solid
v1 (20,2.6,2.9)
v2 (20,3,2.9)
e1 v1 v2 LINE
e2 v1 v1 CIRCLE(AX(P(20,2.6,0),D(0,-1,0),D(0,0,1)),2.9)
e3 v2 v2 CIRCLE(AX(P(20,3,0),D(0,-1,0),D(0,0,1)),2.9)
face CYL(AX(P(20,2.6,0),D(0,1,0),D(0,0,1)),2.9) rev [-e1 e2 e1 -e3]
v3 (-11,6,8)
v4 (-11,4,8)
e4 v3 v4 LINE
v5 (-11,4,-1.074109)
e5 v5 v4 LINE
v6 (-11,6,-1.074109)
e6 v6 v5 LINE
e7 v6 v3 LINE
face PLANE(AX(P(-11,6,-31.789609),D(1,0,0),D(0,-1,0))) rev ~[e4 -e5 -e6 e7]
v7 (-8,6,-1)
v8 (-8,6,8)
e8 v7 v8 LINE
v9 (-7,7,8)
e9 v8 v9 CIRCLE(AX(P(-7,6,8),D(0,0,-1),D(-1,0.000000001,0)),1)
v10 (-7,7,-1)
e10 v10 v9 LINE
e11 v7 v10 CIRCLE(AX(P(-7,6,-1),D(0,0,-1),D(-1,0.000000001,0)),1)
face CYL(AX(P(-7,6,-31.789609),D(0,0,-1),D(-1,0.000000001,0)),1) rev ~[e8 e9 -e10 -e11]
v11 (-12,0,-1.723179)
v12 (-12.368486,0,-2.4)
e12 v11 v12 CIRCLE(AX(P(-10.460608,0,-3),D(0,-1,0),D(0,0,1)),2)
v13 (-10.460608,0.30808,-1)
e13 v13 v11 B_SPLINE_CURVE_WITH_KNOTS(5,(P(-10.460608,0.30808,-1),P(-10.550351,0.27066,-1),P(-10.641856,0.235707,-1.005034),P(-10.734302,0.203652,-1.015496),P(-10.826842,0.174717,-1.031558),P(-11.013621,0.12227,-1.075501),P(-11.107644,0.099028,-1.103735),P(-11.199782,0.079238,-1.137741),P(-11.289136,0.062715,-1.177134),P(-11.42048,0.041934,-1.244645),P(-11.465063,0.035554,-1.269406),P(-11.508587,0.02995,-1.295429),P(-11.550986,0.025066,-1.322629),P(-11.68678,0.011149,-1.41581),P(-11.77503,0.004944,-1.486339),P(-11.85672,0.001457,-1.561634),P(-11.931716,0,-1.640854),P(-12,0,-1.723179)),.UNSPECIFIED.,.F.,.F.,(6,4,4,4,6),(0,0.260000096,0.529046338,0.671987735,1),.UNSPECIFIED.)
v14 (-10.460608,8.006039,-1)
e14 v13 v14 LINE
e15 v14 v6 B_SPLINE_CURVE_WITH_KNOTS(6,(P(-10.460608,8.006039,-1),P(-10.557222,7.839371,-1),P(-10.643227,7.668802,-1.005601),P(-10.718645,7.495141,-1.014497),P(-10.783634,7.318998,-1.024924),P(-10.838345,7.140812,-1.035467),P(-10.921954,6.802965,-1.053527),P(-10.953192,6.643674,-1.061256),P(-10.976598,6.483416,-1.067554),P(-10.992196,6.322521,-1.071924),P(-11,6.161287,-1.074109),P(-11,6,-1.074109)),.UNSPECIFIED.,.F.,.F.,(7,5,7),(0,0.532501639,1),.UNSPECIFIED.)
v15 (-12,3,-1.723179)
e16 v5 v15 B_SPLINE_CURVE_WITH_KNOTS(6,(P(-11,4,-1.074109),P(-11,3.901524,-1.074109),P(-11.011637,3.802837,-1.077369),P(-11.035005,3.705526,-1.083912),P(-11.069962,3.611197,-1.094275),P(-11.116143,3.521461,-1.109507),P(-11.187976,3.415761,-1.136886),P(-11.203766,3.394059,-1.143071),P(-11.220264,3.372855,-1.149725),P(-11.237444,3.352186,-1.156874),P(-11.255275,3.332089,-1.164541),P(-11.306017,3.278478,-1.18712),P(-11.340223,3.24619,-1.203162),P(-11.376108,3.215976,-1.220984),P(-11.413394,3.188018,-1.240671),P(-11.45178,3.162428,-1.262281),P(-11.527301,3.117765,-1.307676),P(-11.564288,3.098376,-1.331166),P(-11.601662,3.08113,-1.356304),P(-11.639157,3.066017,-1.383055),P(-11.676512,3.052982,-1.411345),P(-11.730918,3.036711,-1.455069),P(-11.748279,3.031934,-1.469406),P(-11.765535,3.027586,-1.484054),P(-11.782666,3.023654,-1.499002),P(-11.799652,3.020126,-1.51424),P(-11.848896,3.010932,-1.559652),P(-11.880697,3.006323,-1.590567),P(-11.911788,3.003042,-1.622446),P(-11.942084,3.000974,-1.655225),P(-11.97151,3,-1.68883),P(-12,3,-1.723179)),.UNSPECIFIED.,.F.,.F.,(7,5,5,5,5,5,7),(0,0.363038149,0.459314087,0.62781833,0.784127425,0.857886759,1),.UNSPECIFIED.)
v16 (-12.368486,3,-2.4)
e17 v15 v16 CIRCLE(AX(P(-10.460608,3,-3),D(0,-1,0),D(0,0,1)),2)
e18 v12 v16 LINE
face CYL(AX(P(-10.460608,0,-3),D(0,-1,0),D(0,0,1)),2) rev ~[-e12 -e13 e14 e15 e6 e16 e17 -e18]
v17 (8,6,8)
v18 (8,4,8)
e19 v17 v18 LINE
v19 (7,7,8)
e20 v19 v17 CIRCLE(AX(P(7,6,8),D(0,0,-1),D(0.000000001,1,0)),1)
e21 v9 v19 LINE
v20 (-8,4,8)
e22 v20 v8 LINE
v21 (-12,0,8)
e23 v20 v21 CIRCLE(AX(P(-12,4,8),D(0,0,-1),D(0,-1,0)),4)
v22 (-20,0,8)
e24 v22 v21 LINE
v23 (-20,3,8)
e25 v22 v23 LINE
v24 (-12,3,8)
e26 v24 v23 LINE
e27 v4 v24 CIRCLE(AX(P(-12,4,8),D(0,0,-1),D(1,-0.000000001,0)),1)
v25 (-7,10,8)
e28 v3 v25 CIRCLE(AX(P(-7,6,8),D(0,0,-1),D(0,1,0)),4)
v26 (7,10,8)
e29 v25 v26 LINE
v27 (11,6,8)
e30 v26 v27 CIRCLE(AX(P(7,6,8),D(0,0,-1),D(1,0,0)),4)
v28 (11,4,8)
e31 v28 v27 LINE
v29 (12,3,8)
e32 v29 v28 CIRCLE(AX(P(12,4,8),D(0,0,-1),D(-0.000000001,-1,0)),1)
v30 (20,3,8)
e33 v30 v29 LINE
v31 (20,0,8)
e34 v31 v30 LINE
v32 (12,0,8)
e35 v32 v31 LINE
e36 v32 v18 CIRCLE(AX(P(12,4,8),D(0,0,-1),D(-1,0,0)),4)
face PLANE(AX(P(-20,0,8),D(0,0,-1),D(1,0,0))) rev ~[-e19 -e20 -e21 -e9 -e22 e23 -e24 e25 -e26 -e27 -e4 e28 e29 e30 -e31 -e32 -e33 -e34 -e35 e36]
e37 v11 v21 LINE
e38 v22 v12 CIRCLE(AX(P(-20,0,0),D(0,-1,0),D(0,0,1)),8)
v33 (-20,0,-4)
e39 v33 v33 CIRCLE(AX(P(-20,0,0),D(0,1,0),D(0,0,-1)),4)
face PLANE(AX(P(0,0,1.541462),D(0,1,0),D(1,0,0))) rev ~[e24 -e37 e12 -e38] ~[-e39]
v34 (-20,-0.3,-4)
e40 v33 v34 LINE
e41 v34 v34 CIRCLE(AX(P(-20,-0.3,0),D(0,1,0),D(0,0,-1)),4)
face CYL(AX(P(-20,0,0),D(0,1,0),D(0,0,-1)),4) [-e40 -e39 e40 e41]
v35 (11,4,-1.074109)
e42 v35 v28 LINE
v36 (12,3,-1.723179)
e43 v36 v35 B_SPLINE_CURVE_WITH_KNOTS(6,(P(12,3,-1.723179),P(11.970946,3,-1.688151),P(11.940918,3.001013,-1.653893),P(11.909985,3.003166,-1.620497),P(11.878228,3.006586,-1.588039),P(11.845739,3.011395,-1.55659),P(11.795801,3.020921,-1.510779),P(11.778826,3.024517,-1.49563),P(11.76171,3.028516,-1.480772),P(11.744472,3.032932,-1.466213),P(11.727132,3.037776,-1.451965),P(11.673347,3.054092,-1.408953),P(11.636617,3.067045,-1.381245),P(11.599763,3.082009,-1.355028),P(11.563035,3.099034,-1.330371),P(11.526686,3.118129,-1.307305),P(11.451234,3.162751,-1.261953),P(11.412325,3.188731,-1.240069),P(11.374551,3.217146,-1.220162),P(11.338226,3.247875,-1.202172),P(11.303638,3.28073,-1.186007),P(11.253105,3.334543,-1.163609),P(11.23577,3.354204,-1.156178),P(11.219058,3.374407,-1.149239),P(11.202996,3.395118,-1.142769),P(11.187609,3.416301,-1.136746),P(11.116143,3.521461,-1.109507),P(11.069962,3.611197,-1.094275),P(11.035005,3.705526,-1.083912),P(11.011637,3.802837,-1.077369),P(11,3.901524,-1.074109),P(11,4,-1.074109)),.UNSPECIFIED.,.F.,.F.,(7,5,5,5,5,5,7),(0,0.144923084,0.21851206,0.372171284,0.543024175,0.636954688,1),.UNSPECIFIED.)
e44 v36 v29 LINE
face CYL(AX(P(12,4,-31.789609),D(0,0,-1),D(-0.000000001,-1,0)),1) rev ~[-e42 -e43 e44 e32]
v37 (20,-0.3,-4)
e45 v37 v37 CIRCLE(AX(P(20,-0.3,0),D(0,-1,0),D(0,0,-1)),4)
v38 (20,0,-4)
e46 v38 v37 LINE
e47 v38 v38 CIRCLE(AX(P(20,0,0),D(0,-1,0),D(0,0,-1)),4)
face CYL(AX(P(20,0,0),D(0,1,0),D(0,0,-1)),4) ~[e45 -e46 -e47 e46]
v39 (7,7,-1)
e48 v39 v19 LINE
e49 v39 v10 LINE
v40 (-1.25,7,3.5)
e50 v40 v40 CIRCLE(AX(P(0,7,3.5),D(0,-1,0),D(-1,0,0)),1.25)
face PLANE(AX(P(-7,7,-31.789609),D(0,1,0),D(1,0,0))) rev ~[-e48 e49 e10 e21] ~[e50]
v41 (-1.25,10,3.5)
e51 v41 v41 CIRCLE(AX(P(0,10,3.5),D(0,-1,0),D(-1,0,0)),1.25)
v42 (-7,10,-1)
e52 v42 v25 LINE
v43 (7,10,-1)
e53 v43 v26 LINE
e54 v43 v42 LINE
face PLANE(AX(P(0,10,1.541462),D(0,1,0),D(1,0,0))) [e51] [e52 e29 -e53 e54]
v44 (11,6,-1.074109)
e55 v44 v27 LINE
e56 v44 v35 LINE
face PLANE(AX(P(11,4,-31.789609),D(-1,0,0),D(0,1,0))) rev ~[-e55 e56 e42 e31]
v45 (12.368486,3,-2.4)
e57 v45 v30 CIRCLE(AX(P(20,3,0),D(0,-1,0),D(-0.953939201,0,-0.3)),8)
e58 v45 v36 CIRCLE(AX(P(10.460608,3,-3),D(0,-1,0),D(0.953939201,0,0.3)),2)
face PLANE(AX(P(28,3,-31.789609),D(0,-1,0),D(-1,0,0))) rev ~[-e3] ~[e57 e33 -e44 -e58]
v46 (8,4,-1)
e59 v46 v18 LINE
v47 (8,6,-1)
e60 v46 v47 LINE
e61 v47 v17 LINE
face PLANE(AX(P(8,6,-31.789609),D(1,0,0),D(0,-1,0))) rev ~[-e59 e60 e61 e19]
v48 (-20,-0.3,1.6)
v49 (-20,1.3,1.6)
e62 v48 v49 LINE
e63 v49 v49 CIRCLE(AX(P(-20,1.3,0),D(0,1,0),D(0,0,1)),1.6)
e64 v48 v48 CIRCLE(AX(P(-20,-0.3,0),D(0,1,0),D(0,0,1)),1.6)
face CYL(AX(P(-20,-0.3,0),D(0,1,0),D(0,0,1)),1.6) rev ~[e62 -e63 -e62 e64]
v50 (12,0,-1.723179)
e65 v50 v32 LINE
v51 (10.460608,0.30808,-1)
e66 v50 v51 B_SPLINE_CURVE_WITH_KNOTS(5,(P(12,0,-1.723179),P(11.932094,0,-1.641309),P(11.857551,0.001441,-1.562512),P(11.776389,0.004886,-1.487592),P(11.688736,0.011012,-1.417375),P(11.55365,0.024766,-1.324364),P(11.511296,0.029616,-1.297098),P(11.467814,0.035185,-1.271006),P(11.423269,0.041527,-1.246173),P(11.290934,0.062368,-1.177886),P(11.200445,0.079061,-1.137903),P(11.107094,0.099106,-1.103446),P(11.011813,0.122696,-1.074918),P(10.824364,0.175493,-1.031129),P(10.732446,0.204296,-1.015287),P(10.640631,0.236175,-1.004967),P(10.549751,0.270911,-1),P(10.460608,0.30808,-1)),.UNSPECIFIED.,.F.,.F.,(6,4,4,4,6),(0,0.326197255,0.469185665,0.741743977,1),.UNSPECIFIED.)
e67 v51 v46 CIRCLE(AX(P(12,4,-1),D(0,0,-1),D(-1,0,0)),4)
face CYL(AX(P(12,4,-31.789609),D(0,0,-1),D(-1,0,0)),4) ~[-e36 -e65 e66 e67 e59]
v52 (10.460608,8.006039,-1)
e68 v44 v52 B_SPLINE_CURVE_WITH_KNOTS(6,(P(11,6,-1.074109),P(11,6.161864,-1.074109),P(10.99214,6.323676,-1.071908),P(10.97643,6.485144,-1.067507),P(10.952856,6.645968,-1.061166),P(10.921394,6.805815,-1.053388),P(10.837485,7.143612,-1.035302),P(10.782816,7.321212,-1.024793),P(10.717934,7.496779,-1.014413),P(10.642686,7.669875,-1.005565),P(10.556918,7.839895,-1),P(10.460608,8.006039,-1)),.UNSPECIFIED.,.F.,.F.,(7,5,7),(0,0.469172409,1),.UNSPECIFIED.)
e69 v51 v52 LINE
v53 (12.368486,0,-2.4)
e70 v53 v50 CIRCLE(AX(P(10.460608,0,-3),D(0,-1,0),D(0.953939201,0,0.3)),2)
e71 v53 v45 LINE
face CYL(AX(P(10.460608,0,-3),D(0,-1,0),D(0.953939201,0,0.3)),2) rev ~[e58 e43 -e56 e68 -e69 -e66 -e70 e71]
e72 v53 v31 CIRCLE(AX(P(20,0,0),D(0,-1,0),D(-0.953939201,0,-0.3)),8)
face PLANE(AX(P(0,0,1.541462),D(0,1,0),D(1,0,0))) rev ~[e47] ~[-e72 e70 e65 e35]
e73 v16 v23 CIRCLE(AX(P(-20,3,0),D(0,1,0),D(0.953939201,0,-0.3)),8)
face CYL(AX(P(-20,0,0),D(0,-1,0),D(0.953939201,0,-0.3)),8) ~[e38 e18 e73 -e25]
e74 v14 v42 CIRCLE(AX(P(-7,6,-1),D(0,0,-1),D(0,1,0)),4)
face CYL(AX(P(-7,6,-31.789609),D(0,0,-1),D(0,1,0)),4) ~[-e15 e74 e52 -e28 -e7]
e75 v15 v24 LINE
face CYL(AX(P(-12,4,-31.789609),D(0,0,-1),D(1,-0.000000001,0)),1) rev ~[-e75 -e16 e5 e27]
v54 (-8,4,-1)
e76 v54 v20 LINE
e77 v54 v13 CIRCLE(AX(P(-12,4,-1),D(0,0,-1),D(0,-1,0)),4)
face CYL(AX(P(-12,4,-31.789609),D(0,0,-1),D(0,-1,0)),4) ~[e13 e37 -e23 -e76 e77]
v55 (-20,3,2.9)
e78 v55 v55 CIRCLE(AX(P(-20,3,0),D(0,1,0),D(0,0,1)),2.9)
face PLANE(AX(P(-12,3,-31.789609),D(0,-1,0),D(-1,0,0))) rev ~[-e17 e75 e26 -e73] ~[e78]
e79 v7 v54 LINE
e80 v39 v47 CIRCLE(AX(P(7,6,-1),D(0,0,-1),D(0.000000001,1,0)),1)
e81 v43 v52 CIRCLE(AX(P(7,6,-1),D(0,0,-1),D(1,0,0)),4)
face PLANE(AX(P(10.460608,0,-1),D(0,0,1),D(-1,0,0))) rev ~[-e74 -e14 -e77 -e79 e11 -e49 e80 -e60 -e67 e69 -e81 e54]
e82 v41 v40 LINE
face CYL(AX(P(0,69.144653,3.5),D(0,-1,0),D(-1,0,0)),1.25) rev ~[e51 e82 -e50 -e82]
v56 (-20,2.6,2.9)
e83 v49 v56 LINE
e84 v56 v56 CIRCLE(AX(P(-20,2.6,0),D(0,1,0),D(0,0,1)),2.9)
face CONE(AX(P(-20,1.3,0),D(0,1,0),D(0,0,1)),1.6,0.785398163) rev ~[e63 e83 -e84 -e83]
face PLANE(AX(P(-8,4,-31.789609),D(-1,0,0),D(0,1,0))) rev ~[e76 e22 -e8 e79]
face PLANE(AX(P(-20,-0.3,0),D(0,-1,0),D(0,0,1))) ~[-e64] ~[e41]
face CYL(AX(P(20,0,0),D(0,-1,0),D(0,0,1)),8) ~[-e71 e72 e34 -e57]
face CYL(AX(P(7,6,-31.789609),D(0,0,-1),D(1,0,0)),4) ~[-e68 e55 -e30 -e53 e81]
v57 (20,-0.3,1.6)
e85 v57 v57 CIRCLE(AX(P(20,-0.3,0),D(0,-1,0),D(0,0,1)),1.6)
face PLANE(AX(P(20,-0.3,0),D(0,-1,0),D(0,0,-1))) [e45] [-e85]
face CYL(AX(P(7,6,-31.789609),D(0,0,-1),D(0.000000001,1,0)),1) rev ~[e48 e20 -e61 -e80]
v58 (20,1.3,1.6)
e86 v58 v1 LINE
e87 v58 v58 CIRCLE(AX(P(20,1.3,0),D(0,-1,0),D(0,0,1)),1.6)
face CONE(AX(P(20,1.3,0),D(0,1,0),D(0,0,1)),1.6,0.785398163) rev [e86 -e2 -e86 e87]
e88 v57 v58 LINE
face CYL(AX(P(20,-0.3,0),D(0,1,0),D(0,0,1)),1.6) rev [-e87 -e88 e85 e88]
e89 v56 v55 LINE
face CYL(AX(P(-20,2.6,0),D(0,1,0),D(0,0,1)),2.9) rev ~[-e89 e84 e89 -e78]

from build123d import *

# Parameters (mm, degrees)
BOSS_EXTRU_1_DEPTH           = 10
ENL_V_MAT_EXTRU_1_DEPTH      = 31.789608707
ENL_V_MAT_EXTRU_1_DEPTH_BACK = 31.789608707
ESQUISSE2_OUTSIDE_W          = 69.818
ESQUISSE2_OUTSIDE_H          = 23.818
ESQUISSE3_R                  = 4
BOSS_EXTRU_2_DEPTH           = 0.3
TROU_TARAUD_M31_D            = 2.5


with BuildPart() as part:
    # Esquisse1 → Boss.-Extru.1 (new body)
    with BuildSketch(Plane(origin=(0, 0, 0), x_dir=(1, 0, 0), z_dir=(0, 1, 0))):
        with BuildLine():
            Line((-20, -7.99999973), (20, -7.99999973))
            ThreePointArc((20, -7.99999973), (26.449806199, 4.732864097), (12.368486389, 2.40000027))
            ThreePointArc((12.368486389, 2.40000027), (11.643823942, 1.38754872), (10.460607986, 1.00000027))
            Line((10.460607986, 1.00000027), (-10.460607986, 1.00000027))
            ThreePointArc((-10.460607986, 1.00000027), (-11.643823942, 1.38754872), (-12.368486389, 2.40000027))
            ThreePointArc((-12.368486389, 2.40000027), (-26.449806199, 4.732864097), (-20, -7.99999973))
        make_face()
    extrude(amount=BOSS_EXTRU_1_DEPTH)

    # Esquisse2 outside → Enlèv. mat.-Extru.1 (cut, two sides: drawn at the far end of the back side and taken through both)
    with BuildSketch(Plane.XY.offset(-ENL_V_MAT_EXTRU_1_DEPTH_BACK)):
        with Locations((0, 5)):
            Rectangle(ESQUISSE2_OUTSIDE_W, ESQUISSE2_OUTSIDE_H)
        with BuildLine():
            Line((7, 10), (-7, 10))
            ThreePointArc((-7, 10), (-9.828427125, 8.828427125), (-11, 6))
            Line((-11, 6), (-11, 4))
            ThreePointArc((-11, 4), (-11.292893219, 3.292893219), (-12, 3))
            Line((-12, 3), (-28, 3))
            Line((-28, 3), (-28, 0))
            Line((-28, 0), (-12, 0))
            ThreePointArc((-12, 0), (-9.171572875, 1.171572875), (-8, 4))
            Line((-8, 4), (-8, 6))
            ThreePointArc((-8, 6), (-7.707106781, 6.707106781), (-7, 7))
            Line((-7, 7), (7, 7))
            ThreePointArc((7, 7), (7.707106781, 6.707106781), (8, 6))
            Line((8, 6), (8, 4))
            ThreePointArc((8, 4), (9.171572875, 1.171572875), (12, 0))
            Line((12, 0), (28, 0))
            Line((28, 0), (28, 3))
            Line((28, 3), (12, 3))
            ThreePointArc((12, 3), (11.292893219, 3.292893219), (11, 4))
            Line((11, 4), (11, 6))
            ThreePointArc((11, 6), (9.828427125, 8.828427125), (7, 10))
        make_face(mode=Mode.SUBTRACT)
    extrude(amount=ENL_V_MAT_EXTRU_1_DEPTH + ENL_V_MAT_EXTRU_1_DEPTH_BACK, mode=Mode.SUBTRACT)

    # Esquisse3 → Boss.-Extru.2 (add)
    with BuildSketch(Plane.XZ):
        with Locations(Location((20, -2.7e-07, 0), (0, 0, 270))):
            Circle(ESQUISSE3_R)
    boss_extru_2 = extrude(amount=BOSS_EXTRU_2_DEPTH)

    # Esquisse4 → Fraisage pour vis à tête fraisée à 6 pans creux M31 (revolve, cut)
    with BuildSketch(Plane(origin=(20, 3, -2.7e-07), x_dir=(0, 0, 1), z_dir=(1, 0, 0))):
        Polygon((0, 0), (0, 3.3), (1.6, 3.3), (1.6, 1.7), (2.9, 0.4), (2.9, 0), align=None)
    fraisage_pour_vis_t_te_frais_e_6_pan = revolve(axis=Axis((20, 9.35, -2.7e-07), (0, -1, 0)), mode=Mode.SUBTRACT)

    # Trou taraudé M31 (through all)
    with Locations(Plane(origin=(0, 10, 0), x_dir=(1, 0, 0), z_dir=(0, 1, 0))):
        with Locations((0, -3.5)):
            Hole(TROU_TARAUD_M31_D / 2)

    # Symétrie1: Boss.-Extru.2, Fraisage pour vis à tête fraisée à 6 pans creux M31 across plane
    add(boss_extru_2.mirror(Plane(origin=(0, 0, 0), x_dir=(0, 0, 1), z_dir=(1, 0, 0))))
    add(fraisage_pour_vis_t_te_frais_e_6_pan.mirror(Plane(origin=(0, 0, 0), x_dir=(0, 0, 1), z_dir=(1, 0, 0))), mode=Mode.SUBTRACT)


solid = part.part
